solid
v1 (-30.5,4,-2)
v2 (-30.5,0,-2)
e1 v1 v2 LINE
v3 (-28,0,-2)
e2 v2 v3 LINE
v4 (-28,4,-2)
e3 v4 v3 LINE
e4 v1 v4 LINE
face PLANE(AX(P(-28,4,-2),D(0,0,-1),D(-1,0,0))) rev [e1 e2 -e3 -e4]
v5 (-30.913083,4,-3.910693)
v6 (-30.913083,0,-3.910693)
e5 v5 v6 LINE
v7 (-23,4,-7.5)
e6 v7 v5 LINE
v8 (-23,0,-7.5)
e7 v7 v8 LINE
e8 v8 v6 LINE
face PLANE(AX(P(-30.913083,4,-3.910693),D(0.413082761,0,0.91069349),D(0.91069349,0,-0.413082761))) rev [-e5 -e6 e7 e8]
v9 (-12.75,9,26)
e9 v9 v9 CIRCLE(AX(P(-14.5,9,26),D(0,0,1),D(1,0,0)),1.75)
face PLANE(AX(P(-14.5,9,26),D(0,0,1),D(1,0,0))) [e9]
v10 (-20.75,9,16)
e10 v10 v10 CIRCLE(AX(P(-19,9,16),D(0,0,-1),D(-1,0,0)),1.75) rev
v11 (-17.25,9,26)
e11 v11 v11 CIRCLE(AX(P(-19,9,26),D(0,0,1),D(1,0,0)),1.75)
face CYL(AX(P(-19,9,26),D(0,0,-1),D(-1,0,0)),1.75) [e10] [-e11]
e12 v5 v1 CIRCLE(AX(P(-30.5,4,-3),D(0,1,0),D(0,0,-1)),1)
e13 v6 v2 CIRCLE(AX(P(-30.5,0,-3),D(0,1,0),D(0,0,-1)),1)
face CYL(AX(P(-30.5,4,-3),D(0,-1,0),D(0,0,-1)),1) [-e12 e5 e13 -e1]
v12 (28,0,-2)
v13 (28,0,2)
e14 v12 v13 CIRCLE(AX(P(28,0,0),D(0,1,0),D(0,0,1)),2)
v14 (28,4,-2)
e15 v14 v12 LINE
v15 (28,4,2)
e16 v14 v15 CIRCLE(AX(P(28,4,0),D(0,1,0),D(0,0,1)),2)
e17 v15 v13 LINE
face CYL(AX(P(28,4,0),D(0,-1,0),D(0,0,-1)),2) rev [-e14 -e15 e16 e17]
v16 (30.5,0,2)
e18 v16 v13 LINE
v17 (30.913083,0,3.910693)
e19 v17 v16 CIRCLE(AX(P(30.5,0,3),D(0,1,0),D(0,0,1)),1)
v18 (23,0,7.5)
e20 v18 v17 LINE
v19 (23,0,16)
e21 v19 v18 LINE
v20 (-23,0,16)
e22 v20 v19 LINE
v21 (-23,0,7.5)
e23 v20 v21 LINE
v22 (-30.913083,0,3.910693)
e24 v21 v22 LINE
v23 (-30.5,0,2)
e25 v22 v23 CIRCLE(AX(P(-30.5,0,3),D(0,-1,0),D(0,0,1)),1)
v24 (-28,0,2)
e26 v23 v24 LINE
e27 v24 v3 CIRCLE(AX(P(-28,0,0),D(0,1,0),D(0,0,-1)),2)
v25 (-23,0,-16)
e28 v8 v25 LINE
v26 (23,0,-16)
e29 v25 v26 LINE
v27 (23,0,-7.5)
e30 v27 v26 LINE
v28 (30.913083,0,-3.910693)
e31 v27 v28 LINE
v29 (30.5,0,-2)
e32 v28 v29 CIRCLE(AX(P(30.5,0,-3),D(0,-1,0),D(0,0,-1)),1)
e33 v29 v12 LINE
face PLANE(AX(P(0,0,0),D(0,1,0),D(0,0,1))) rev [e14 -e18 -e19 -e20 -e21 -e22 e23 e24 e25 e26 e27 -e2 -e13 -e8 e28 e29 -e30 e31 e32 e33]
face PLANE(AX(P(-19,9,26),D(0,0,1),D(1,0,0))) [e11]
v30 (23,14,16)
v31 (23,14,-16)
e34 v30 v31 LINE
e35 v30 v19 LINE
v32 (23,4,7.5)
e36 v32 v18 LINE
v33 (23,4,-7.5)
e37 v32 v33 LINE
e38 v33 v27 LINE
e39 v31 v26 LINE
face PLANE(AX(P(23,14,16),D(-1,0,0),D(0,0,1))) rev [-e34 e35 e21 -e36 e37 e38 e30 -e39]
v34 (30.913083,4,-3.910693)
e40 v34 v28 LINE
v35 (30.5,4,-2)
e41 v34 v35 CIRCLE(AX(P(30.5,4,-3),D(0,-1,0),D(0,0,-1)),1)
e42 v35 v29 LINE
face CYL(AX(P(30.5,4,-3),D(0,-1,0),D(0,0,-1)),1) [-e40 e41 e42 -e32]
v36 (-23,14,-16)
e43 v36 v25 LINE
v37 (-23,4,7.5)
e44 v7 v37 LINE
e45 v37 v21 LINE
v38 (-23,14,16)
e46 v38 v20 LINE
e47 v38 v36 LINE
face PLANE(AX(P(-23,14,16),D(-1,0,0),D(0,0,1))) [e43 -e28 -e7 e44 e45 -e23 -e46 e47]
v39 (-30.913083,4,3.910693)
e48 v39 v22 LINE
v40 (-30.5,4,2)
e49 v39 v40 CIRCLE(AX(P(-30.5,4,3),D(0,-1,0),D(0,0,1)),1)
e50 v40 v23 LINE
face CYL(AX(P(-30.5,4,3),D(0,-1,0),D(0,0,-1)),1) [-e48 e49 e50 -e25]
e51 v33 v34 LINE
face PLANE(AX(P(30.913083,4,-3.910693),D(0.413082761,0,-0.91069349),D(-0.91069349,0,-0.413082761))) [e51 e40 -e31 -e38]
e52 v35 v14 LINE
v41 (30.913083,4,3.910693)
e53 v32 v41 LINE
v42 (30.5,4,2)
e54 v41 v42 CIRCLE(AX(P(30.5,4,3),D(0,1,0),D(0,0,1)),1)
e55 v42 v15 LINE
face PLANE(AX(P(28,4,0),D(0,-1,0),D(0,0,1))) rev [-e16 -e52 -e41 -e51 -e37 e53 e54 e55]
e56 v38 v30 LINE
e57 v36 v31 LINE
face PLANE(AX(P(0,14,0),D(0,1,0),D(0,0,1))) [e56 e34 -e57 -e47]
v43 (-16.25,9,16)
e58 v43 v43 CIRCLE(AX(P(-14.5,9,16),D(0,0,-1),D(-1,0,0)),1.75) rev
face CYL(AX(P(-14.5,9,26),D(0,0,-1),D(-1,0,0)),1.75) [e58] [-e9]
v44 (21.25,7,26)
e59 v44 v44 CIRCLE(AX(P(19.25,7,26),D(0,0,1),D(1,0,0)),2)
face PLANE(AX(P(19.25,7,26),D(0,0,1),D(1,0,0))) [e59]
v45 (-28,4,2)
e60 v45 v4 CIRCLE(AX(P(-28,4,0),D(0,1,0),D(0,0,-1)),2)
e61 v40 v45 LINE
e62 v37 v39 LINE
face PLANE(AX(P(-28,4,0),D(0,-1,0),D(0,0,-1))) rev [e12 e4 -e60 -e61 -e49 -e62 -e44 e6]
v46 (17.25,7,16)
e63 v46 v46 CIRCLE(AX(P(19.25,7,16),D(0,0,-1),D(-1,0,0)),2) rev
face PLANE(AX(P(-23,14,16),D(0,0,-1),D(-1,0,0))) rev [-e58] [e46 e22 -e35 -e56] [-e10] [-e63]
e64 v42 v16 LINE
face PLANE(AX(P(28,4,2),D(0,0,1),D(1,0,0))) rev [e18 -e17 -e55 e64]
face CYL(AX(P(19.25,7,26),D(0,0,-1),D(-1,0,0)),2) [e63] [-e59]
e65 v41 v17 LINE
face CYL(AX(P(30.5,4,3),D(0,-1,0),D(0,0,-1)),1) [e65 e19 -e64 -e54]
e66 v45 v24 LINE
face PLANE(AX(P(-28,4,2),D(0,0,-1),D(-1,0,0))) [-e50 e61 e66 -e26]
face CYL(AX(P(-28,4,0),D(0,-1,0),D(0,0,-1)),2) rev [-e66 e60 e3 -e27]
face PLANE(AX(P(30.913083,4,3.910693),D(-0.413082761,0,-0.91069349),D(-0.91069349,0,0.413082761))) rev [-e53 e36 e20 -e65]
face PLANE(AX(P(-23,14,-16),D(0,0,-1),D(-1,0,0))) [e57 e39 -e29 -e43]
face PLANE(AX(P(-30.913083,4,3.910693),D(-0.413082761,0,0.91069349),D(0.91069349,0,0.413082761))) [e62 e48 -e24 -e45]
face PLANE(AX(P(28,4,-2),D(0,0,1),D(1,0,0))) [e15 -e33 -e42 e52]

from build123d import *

# Parameters (mm, degrees)
SKETCH1_W            = 46
SKETCH1_H            = 32
BOSS_EXTRUDE1_DEPTH  = 14
BOSS_EXTRUDE2_DEPTH  = 4
MIRROR2_COPY_1_DEPTH = 4
SKETCH3_R            = 1.75
SKETCH3_R_2          = 2
BOSS_EXTRUDE3_DEPTH  = 10


with BuildPart() as part:
    # Sketch1 → Boss-Extrude1 (new body)
    with BuildSketch(Plane(origin=(0, 0, 0), x_dir=(1, 0, 0), z_dir=(0, 1, 0))):
        Rectangle(SKETCH1_W, SKETCH1_H)
    extrude(amount=BOSS_EXTRUDE1_DEPTH)

    # Sketch2 → Boss-Extrude2 (add)
    with BuildSketch(Plane.XZ):
        with BuildLine():
            Line((-28, 2), (-30.5, 2))
            ThreePointArc((-30.5, 2), (-31.477418408, 2.788686832), (-30.913082761, 3.91069349))
            Line((-30.913082761, 3.91069349), (-23, 7.5))
            Line((-23, 7.5), (-23, 0))
            Line((-23, 0), (-26, 0))
            ThreePointArc((-26, 0), (-26.585786438, 1.414213562), (-28, 2))
        make_face()
    boss_extrude2 = extrude(amount=-BOSS_EXTRUDE2_DEPTH)

    # Mirror1: Boss-Extrude2 across plane
    add(boss_extrude2.mirror(Plane.XY))

    # Mirror2: Boss-Extrude2 across plane
    add(boss_extrude2.mirror(Plane(origin=(0, 0, 0), x_dir=(0, 0, 1), z_dir=(1, 0, 0))))

    # Mirror2 copy 1 sketch → Mirror2 copy 1 (add)
    with BuildSketch(Plane(origin=(0, 0, 0), x_dir=(-1, 0, 0), z_dir=(0, -1, 0))):
        with BuildLine():
            Line((-28, 2), (-30.5, 2))
            ThreePointArc((-30.5, 2), (-31.477418408, 2.788686832), (-30.913082761, 3.91069349))
            Line((-30.913082761, 3.91069349), (-23, 7.5))
            Line((-23, 7.5), (-23, 0))
            Line((-23, 0), (-26, 0))
            ThreePointArc((-26, 0), (-26.585786438, 1.414213562), (-28, 2))
        make_face()
    extrude(amount=-MIRROR2_COPY_1_DEPTH)

    # Sketch3 → Boss-Extrude3 (add)
    with BuildSketch(Plane.XY.offset(16)):
        with Locations((-19, 9)):
            Circle(SKETCH3_R)
        with Locations((-14.5, 9)):
            Circle(SKETCH3_R)
        with Locations((19.25, 7)):
            Circle(SKETCH3_R_2)
    extrude(amount=BOSS_EXTRUDE3_DEPTH)


solid = part.part
